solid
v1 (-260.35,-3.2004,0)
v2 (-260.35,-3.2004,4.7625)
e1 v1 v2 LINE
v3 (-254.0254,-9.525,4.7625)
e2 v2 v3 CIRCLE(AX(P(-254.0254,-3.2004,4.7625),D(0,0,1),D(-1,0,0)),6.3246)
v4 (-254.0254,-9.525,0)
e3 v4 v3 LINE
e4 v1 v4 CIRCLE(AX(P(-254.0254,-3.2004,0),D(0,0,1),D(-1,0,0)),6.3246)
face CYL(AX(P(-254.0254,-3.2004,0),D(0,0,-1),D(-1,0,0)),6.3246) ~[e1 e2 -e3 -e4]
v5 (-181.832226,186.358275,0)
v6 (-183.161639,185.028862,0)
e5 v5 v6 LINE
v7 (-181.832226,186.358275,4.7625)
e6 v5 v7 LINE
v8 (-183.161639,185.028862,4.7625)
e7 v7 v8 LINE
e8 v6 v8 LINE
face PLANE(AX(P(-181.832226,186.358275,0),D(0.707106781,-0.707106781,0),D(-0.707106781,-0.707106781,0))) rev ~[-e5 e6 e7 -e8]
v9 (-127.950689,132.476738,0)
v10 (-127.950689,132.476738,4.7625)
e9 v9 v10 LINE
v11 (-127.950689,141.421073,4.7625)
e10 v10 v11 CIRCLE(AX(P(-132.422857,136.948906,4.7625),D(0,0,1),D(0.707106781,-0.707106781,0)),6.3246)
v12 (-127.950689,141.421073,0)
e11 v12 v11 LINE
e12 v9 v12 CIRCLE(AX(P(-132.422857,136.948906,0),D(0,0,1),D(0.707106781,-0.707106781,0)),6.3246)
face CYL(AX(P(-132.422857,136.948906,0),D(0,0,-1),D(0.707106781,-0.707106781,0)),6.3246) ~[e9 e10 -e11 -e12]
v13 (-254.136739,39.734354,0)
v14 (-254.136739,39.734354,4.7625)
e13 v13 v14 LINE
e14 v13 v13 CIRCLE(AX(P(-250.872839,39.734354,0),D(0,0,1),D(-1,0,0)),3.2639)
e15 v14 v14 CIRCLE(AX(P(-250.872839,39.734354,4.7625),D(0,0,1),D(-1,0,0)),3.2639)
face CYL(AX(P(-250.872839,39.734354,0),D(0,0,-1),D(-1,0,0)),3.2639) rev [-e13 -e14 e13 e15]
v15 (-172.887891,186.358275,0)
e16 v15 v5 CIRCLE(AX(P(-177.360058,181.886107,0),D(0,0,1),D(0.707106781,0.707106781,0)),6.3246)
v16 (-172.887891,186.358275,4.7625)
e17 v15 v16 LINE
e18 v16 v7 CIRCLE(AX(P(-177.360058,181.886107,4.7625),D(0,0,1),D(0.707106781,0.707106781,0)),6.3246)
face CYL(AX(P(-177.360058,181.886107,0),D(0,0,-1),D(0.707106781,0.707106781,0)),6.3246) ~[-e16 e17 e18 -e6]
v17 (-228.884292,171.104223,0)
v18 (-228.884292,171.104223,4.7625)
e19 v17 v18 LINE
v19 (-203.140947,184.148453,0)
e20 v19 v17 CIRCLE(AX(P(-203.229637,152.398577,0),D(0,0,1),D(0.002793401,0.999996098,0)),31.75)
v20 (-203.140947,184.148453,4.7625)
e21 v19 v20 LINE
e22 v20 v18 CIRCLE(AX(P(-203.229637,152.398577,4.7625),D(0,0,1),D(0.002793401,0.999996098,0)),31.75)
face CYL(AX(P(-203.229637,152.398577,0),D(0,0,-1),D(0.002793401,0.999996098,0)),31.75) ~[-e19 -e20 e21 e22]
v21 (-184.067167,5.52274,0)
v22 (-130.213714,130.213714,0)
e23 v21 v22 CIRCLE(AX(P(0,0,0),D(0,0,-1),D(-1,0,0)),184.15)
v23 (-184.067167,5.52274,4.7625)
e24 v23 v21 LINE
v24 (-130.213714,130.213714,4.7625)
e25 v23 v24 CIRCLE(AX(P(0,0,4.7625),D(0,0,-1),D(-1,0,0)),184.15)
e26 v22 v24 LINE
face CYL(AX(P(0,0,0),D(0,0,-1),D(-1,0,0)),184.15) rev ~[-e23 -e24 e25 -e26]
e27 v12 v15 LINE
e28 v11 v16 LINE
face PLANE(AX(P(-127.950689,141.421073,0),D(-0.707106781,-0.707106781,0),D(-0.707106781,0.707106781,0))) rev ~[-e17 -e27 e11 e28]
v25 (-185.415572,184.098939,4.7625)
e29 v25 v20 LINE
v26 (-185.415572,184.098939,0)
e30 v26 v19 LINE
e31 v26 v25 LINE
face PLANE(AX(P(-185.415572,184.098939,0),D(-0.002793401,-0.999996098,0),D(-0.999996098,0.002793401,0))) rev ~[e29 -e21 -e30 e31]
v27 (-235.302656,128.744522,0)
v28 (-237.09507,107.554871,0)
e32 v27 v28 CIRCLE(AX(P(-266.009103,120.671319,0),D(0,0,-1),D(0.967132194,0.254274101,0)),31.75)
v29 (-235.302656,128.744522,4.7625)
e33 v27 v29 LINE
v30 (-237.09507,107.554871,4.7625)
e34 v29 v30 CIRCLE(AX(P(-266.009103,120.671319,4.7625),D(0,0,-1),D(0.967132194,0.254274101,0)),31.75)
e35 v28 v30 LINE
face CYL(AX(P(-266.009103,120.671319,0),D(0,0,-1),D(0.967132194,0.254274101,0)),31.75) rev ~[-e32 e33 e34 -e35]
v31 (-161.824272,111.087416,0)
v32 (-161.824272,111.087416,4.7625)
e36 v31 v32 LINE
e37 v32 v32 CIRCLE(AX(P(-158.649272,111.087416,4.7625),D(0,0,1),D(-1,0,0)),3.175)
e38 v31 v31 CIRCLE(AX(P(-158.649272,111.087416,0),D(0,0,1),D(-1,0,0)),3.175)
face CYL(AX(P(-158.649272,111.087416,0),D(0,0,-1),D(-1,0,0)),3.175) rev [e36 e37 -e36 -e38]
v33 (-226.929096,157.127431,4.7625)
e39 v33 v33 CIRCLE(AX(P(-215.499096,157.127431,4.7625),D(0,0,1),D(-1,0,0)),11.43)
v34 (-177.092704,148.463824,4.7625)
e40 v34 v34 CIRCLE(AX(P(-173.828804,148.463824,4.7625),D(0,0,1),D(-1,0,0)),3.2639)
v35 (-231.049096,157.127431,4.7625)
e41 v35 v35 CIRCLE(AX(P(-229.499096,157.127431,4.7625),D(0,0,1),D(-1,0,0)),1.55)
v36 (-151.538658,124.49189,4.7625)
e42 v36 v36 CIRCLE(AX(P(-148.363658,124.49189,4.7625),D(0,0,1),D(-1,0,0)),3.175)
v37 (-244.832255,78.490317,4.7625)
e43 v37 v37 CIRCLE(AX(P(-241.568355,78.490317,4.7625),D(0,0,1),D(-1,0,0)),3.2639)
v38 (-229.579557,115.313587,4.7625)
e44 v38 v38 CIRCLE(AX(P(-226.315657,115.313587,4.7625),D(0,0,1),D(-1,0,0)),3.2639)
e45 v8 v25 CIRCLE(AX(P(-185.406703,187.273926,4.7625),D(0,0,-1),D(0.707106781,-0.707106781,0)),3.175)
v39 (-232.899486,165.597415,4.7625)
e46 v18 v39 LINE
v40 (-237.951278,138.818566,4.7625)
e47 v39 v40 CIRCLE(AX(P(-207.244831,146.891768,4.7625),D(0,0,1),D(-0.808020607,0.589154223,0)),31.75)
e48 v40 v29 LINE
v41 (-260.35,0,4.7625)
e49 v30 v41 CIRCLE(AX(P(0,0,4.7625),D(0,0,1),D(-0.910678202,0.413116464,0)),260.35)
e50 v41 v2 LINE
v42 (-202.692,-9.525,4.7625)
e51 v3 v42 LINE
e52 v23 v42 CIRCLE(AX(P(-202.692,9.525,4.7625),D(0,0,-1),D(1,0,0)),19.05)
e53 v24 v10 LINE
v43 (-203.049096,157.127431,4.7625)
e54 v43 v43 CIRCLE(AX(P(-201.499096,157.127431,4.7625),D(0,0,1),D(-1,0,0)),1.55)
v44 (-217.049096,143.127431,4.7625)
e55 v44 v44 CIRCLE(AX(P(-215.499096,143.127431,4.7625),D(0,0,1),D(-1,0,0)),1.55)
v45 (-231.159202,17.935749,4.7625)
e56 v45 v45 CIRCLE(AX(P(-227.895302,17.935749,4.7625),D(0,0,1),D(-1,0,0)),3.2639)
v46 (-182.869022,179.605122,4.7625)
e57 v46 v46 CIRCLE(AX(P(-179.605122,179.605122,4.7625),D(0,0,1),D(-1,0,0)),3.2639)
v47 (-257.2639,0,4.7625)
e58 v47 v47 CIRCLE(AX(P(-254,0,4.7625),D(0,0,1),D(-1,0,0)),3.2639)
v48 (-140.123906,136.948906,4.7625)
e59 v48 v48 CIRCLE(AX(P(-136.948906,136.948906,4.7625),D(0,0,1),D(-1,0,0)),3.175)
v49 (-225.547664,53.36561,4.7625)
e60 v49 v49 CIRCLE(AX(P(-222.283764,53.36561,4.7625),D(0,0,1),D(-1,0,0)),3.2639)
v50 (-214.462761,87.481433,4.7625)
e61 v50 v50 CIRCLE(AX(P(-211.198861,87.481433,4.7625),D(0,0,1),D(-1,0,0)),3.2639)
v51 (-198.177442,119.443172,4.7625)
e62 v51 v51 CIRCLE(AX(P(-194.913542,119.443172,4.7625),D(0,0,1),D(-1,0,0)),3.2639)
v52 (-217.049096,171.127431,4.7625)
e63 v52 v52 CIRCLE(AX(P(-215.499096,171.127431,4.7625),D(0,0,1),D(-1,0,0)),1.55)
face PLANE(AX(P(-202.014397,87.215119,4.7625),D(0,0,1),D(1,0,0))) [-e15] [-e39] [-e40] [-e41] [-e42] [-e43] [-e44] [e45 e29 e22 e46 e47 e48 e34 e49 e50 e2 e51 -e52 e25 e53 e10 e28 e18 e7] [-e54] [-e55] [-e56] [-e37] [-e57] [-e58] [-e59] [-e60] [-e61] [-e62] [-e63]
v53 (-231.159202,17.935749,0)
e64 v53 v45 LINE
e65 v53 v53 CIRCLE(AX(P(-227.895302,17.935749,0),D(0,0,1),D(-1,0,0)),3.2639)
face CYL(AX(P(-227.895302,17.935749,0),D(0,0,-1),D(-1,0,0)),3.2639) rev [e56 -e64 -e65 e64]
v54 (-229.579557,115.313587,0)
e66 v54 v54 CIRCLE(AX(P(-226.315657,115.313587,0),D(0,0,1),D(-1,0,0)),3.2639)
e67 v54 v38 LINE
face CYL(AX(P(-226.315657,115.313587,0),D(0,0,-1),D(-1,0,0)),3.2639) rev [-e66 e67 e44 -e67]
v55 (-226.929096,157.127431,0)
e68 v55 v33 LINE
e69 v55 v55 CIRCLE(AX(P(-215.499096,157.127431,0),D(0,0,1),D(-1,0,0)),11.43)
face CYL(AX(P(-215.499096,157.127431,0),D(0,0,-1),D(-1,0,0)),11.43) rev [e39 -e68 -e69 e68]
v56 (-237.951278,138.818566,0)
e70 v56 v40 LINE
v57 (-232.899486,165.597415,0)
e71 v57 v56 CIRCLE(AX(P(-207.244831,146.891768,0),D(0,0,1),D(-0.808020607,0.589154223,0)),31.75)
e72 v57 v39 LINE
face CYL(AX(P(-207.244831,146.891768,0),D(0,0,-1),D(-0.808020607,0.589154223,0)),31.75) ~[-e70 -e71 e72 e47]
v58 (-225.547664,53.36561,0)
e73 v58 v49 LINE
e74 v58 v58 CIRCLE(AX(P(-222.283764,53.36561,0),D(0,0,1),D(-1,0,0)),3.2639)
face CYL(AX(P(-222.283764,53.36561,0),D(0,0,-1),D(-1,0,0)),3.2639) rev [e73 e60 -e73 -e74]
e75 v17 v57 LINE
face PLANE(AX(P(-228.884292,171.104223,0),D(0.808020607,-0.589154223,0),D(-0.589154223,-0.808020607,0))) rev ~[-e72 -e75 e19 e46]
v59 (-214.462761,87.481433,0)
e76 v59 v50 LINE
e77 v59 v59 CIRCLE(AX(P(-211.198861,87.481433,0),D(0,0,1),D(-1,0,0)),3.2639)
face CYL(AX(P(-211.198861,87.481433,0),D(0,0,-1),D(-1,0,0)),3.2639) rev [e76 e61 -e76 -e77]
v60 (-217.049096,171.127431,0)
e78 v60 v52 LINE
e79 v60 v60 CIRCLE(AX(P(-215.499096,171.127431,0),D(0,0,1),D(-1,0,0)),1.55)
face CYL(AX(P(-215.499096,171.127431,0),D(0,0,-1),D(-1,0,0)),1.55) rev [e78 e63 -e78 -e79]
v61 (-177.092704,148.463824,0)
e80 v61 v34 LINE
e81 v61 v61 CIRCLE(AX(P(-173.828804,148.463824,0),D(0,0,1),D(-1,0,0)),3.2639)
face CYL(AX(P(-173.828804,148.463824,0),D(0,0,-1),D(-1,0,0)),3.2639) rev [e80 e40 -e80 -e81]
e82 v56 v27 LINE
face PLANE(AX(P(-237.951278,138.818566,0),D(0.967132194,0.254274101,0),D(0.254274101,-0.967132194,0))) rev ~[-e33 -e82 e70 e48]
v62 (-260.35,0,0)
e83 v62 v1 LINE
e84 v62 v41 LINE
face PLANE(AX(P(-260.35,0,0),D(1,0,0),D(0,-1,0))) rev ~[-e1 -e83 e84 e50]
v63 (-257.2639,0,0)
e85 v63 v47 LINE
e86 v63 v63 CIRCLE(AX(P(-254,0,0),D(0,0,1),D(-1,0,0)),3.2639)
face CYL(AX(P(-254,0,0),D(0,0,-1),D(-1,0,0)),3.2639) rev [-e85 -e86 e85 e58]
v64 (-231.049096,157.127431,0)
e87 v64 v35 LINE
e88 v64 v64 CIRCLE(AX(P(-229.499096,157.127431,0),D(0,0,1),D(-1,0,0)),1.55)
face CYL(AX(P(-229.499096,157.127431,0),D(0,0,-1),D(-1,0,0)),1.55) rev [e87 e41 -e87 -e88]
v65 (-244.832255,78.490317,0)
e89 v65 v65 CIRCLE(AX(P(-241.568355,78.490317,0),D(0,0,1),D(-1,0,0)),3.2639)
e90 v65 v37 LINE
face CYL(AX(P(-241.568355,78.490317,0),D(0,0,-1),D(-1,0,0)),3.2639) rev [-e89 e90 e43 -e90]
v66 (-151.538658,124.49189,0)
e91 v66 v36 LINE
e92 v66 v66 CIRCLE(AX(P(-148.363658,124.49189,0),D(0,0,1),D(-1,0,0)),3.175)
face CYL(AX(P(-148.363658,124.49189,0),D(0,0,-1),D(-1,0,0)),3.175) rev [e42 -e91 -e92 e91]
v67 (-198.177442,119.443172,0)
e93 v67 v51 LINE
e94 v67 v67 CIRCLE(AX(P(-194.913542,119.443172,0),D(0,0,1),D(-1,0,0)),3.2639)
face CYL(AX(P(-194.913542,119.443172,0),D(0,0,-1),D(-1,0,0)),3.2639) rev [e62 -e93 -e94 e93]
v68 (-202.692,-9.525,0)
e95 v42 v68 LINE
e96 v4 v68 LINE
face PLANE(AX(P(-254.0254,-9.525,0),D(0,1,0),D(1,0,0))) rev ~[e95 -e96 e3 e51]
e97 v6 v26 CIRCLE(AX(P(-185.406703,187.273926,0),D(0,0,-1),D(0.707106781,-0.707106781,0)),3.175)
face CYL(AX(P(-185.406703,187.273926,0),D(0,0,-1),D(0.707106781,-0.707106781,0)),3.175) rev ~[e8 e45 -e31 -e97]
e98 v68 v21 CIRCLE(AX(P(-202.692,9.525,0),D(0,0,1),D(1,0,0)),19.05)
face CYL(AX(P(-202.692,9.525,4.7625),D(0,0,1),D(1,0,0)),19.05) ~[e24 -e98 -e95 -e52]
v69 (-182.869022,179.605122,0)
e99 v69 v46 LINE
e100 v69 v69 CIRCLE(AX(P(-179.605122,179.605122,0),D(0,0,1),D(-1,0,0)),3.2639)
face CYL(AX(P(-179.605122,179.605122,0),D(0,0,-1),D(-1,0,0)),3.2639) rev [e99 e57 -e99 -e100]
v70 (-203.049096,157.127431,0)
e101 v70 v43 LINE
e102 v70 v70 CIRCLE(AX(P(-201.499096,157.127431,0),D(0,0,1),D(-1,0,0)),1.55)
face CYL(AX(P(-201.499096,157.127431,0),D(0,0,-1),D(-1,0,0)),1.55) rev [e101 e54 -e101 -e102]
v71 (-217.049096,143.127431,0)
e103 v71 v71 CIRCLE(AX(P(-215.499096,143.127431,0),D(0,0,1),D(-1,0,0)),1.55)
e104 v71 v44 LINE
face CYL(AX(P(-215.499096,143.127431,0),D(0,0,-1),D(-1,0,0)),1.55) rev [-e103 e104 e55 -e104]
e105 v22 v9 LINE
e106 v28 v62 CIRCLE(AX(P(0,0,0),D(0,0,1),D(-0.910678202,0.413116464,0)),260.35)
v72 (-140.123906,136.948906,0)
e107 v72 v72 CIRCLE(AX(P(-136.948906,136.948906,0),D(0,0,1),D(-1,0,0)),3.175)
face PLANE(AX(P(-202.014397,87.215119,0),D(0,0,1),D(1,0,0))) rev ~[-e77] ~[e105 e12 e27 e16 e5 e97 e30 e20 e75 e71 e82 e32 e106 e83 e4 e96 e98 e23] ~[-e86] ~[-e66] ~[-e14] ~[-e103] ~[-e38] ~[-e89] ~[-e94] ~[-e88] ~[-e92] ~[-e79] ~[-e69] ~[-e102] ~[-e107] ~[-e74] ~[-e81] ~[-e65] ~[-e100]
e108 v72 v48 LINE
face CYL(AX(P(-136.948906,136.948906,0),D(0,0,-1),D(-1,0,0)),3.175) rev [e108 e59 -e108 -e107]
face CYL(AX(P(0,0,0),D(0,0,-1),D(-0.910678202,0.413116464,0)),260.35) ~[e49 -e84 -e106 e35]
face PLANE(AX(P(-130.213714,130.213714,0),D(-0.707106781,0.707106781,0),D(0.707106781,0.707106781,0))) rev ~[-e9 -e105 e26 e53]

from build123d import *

# Parameters (mm, degrees)
SKETCH1_R           = 3.175
SKETCH1_R_2         = 3.2639
SKETCH1_R_3         = 1.55
SKETCH1_R_4         = 11.43
BOSS_EXTRUDE1_DEPTH = 4.7625
CUT_EXTRUDE1_DEPTH  = 322.291260875


with BuildPart() as part:
    # Sketch1 → Boss-Extrude1 (new body)
    with BuildSketch(Plane.XY):
        with BuildLine():
            Line((-260.35, 0), (-260.35, -3.2004))
            ThreePointArc((-260.35, -3.2004), (-258.497567548, -7.672567548), (-254.0254, -9.525))
            Line((-254.0254, -9.525), (-190.4746, -9.525))
            ThreePointArc((-190.4746, -9.525), (-186.002432452, -7.672567548), (-184.15, -3.2004))
            Line((-184.15, -3.2004), (-184.15, 0))
            ThreePointArc((-184.15, 0), (-170.132415912, 70.47115407), (-130.213713756, 130.213713756))
            Line((-130.213713756, 130.213713756), (-127.950689213, 132.476738298))
            ThreePointArc((-127.950689213, 132.476738298), (-126.098256761, 136.948905846), (-127.950689213, 141.421073395))
            Line((-127.950689213, 141.421073395), (-172.887890843, 186.358275024))
            ThreePointArc((-172.887890843, 186.358275024), (-177.360058391, 188.210707476), (-181.832225939, 186.358275024))
            Line((-181.832225939, 186.358275024), (-183.161638698, 185.028862266))
            ThreePointArc((-183.161638698, 185.028862266), (-184.195780986, 184.338914621), (-185.415571777, 184.098938684))
            Line((-185.415571777, 184.098938684), (-203.140946764, 184.148452962))
            ThreePointArc((-203.140946764, 184.148452962), (-217.580337842, 180.720298054), (-228.884291539, 171.104223407))
            Line((-228.884291539, 171.104223407), (-232.899485557, 165.597414859))
            ThreePointArc((-232.899485557, 165.597414859), (-238.444512868, 152.777545082), (-237.951278447, 138.818565579))
            Line((-237.951278447, 138.818565579), (-235.302655594, 128.744521776))
            ThreePointArc((-235.302655594, 128.744521776), (-234.372087536, 117.99517122), (-237.095069858, 107.554871341))
            ThreePointArc((-237.095069858, 107.554871341), (-254.469864559, 55.020092069), (-260.35, 0))
        make_face()
        with Locations(Location((-158.649272178, 111.08741631, 0), (0, 0, 180))):
            Circle(SKETCH1_R, mode=Mode.SUBTRACT)
        with Locations(Location((-148.363657521, 124.491890306, 0), (0, 0, 180))):
            Circle(SKETCH1_R, mode=Mode.SUBTRACT)
        with Locations(Location((-136.948905846, 136.948905846, 0), (0, 0, 180))):
            Circle(SKETCH1_R, mode=Mode.SUBTRACT)
        with Locations(Location((-227.895302491, 17.935749283, 0), (0, 0, 180))):
            Circle(SKETCH1_R_2, mode=Mode.SUBTRACT)
        with Locations(Location((-222.283763803, 53.365610177, 0), (0, 0, 180))):
            Circle(SKETCH1_R_2, mode=Mode.SUBTRACT)
        with Locations(Location((-211.198861132, 87.481432639, 0), (0, 0, 180))):
            Circle(SKETCH1_R_2, mode=Mode.SUBTRACT)
        with Locations(Location((-194.913541571, 119.443171894, 0), (0, 0, 180))):
            Circle(SKETCH1_R_2, mode=Mode.SUBTRACT)
        with Locations(Location((-173.828803736, 148.463823848, 0), (0, 0, 180))):
            Circle(SKETCH1_R_2, mode=Mode.SUBTRACT)
        with Locations(Location((-215.499095978, 171.127431131, 0), (0, 0, 180))):
            Circle(SKETCH1_R_3, mode=Mode.SUBTRACT)
        with Locations(Location((-201.499096038, 157.127431191, 0), (0, 0, 180))):
            Circle(SKETCH1_R_3, mode=Mode.SUBTRACT)
        with Locations(Location((-215.499095978, 143.127431251, 0), (0, 0, 180))):
            Circle(SKETCH1_R_3, mode=Mode.SUBTRACT)
        with Locations(Location((-229.499095918, 157.127431191, 0), (0, 0, 180))):
            Circle(SKETCH1_R_3, mode=Mode.SUBTRACT)
        with Locations(Location((-215.499095978, 157.127431191, 0), (0, 0, 180))):
            Circle(SKETCH1_R_4, mode=Mode.SUBTRACT)
        with Locations(Location((-254, 0, 0), (0, 0, 180))):
            Circle(SKETCH1_R_2, mode=Mode.SUBTRACT)
        with Locations(Location((-250.872838511, 39.73435412, 0), (0, 0, 180))):
            Circle(SKETCH1_R_2, mode=Mode.SUBTRACT)
        with Locations(Location((-241.568355139, 78.490316571, 0), (0, 0, 180))):
            Circle(SKETCH1_R_2, mode=Mode.SUBTRACT)
        with Locations(Location((-226.315657144, 115.313586934, 0), (0, 0, 180))):
            Circle(SKETCH1_R_2, mode=Mode.SUBTRACT)
        with Locations(Location((-179.605122421, 179.605122421, 0), (0, 0, 180))):
            Circle(SKETCH1_R_2, mode=Mode.SUBTRACT)
    extrude(amount=BOSS_EXTRUDE1_DEPTH)

    # Sketch2 → Cut-Extrude1 (cut, through all)
    with BuildSketch(Plane.XY.offset(4.7625)):
        with BuildLine():
            Line((-202.692, -9.525), (-183.642, -9.525))
            Line((-183.642, -9.525), (-183.642, 9.525))
            ThreePointArc((-183.642, 9.525), (-189.221615818, -3.945384182), (-202.692, -9.525))
        make_face()
    extrude(amount=-CUT_EXTRUDE1_DEPTH, mode=Mode.SUBTRACT)


solid = part.part
